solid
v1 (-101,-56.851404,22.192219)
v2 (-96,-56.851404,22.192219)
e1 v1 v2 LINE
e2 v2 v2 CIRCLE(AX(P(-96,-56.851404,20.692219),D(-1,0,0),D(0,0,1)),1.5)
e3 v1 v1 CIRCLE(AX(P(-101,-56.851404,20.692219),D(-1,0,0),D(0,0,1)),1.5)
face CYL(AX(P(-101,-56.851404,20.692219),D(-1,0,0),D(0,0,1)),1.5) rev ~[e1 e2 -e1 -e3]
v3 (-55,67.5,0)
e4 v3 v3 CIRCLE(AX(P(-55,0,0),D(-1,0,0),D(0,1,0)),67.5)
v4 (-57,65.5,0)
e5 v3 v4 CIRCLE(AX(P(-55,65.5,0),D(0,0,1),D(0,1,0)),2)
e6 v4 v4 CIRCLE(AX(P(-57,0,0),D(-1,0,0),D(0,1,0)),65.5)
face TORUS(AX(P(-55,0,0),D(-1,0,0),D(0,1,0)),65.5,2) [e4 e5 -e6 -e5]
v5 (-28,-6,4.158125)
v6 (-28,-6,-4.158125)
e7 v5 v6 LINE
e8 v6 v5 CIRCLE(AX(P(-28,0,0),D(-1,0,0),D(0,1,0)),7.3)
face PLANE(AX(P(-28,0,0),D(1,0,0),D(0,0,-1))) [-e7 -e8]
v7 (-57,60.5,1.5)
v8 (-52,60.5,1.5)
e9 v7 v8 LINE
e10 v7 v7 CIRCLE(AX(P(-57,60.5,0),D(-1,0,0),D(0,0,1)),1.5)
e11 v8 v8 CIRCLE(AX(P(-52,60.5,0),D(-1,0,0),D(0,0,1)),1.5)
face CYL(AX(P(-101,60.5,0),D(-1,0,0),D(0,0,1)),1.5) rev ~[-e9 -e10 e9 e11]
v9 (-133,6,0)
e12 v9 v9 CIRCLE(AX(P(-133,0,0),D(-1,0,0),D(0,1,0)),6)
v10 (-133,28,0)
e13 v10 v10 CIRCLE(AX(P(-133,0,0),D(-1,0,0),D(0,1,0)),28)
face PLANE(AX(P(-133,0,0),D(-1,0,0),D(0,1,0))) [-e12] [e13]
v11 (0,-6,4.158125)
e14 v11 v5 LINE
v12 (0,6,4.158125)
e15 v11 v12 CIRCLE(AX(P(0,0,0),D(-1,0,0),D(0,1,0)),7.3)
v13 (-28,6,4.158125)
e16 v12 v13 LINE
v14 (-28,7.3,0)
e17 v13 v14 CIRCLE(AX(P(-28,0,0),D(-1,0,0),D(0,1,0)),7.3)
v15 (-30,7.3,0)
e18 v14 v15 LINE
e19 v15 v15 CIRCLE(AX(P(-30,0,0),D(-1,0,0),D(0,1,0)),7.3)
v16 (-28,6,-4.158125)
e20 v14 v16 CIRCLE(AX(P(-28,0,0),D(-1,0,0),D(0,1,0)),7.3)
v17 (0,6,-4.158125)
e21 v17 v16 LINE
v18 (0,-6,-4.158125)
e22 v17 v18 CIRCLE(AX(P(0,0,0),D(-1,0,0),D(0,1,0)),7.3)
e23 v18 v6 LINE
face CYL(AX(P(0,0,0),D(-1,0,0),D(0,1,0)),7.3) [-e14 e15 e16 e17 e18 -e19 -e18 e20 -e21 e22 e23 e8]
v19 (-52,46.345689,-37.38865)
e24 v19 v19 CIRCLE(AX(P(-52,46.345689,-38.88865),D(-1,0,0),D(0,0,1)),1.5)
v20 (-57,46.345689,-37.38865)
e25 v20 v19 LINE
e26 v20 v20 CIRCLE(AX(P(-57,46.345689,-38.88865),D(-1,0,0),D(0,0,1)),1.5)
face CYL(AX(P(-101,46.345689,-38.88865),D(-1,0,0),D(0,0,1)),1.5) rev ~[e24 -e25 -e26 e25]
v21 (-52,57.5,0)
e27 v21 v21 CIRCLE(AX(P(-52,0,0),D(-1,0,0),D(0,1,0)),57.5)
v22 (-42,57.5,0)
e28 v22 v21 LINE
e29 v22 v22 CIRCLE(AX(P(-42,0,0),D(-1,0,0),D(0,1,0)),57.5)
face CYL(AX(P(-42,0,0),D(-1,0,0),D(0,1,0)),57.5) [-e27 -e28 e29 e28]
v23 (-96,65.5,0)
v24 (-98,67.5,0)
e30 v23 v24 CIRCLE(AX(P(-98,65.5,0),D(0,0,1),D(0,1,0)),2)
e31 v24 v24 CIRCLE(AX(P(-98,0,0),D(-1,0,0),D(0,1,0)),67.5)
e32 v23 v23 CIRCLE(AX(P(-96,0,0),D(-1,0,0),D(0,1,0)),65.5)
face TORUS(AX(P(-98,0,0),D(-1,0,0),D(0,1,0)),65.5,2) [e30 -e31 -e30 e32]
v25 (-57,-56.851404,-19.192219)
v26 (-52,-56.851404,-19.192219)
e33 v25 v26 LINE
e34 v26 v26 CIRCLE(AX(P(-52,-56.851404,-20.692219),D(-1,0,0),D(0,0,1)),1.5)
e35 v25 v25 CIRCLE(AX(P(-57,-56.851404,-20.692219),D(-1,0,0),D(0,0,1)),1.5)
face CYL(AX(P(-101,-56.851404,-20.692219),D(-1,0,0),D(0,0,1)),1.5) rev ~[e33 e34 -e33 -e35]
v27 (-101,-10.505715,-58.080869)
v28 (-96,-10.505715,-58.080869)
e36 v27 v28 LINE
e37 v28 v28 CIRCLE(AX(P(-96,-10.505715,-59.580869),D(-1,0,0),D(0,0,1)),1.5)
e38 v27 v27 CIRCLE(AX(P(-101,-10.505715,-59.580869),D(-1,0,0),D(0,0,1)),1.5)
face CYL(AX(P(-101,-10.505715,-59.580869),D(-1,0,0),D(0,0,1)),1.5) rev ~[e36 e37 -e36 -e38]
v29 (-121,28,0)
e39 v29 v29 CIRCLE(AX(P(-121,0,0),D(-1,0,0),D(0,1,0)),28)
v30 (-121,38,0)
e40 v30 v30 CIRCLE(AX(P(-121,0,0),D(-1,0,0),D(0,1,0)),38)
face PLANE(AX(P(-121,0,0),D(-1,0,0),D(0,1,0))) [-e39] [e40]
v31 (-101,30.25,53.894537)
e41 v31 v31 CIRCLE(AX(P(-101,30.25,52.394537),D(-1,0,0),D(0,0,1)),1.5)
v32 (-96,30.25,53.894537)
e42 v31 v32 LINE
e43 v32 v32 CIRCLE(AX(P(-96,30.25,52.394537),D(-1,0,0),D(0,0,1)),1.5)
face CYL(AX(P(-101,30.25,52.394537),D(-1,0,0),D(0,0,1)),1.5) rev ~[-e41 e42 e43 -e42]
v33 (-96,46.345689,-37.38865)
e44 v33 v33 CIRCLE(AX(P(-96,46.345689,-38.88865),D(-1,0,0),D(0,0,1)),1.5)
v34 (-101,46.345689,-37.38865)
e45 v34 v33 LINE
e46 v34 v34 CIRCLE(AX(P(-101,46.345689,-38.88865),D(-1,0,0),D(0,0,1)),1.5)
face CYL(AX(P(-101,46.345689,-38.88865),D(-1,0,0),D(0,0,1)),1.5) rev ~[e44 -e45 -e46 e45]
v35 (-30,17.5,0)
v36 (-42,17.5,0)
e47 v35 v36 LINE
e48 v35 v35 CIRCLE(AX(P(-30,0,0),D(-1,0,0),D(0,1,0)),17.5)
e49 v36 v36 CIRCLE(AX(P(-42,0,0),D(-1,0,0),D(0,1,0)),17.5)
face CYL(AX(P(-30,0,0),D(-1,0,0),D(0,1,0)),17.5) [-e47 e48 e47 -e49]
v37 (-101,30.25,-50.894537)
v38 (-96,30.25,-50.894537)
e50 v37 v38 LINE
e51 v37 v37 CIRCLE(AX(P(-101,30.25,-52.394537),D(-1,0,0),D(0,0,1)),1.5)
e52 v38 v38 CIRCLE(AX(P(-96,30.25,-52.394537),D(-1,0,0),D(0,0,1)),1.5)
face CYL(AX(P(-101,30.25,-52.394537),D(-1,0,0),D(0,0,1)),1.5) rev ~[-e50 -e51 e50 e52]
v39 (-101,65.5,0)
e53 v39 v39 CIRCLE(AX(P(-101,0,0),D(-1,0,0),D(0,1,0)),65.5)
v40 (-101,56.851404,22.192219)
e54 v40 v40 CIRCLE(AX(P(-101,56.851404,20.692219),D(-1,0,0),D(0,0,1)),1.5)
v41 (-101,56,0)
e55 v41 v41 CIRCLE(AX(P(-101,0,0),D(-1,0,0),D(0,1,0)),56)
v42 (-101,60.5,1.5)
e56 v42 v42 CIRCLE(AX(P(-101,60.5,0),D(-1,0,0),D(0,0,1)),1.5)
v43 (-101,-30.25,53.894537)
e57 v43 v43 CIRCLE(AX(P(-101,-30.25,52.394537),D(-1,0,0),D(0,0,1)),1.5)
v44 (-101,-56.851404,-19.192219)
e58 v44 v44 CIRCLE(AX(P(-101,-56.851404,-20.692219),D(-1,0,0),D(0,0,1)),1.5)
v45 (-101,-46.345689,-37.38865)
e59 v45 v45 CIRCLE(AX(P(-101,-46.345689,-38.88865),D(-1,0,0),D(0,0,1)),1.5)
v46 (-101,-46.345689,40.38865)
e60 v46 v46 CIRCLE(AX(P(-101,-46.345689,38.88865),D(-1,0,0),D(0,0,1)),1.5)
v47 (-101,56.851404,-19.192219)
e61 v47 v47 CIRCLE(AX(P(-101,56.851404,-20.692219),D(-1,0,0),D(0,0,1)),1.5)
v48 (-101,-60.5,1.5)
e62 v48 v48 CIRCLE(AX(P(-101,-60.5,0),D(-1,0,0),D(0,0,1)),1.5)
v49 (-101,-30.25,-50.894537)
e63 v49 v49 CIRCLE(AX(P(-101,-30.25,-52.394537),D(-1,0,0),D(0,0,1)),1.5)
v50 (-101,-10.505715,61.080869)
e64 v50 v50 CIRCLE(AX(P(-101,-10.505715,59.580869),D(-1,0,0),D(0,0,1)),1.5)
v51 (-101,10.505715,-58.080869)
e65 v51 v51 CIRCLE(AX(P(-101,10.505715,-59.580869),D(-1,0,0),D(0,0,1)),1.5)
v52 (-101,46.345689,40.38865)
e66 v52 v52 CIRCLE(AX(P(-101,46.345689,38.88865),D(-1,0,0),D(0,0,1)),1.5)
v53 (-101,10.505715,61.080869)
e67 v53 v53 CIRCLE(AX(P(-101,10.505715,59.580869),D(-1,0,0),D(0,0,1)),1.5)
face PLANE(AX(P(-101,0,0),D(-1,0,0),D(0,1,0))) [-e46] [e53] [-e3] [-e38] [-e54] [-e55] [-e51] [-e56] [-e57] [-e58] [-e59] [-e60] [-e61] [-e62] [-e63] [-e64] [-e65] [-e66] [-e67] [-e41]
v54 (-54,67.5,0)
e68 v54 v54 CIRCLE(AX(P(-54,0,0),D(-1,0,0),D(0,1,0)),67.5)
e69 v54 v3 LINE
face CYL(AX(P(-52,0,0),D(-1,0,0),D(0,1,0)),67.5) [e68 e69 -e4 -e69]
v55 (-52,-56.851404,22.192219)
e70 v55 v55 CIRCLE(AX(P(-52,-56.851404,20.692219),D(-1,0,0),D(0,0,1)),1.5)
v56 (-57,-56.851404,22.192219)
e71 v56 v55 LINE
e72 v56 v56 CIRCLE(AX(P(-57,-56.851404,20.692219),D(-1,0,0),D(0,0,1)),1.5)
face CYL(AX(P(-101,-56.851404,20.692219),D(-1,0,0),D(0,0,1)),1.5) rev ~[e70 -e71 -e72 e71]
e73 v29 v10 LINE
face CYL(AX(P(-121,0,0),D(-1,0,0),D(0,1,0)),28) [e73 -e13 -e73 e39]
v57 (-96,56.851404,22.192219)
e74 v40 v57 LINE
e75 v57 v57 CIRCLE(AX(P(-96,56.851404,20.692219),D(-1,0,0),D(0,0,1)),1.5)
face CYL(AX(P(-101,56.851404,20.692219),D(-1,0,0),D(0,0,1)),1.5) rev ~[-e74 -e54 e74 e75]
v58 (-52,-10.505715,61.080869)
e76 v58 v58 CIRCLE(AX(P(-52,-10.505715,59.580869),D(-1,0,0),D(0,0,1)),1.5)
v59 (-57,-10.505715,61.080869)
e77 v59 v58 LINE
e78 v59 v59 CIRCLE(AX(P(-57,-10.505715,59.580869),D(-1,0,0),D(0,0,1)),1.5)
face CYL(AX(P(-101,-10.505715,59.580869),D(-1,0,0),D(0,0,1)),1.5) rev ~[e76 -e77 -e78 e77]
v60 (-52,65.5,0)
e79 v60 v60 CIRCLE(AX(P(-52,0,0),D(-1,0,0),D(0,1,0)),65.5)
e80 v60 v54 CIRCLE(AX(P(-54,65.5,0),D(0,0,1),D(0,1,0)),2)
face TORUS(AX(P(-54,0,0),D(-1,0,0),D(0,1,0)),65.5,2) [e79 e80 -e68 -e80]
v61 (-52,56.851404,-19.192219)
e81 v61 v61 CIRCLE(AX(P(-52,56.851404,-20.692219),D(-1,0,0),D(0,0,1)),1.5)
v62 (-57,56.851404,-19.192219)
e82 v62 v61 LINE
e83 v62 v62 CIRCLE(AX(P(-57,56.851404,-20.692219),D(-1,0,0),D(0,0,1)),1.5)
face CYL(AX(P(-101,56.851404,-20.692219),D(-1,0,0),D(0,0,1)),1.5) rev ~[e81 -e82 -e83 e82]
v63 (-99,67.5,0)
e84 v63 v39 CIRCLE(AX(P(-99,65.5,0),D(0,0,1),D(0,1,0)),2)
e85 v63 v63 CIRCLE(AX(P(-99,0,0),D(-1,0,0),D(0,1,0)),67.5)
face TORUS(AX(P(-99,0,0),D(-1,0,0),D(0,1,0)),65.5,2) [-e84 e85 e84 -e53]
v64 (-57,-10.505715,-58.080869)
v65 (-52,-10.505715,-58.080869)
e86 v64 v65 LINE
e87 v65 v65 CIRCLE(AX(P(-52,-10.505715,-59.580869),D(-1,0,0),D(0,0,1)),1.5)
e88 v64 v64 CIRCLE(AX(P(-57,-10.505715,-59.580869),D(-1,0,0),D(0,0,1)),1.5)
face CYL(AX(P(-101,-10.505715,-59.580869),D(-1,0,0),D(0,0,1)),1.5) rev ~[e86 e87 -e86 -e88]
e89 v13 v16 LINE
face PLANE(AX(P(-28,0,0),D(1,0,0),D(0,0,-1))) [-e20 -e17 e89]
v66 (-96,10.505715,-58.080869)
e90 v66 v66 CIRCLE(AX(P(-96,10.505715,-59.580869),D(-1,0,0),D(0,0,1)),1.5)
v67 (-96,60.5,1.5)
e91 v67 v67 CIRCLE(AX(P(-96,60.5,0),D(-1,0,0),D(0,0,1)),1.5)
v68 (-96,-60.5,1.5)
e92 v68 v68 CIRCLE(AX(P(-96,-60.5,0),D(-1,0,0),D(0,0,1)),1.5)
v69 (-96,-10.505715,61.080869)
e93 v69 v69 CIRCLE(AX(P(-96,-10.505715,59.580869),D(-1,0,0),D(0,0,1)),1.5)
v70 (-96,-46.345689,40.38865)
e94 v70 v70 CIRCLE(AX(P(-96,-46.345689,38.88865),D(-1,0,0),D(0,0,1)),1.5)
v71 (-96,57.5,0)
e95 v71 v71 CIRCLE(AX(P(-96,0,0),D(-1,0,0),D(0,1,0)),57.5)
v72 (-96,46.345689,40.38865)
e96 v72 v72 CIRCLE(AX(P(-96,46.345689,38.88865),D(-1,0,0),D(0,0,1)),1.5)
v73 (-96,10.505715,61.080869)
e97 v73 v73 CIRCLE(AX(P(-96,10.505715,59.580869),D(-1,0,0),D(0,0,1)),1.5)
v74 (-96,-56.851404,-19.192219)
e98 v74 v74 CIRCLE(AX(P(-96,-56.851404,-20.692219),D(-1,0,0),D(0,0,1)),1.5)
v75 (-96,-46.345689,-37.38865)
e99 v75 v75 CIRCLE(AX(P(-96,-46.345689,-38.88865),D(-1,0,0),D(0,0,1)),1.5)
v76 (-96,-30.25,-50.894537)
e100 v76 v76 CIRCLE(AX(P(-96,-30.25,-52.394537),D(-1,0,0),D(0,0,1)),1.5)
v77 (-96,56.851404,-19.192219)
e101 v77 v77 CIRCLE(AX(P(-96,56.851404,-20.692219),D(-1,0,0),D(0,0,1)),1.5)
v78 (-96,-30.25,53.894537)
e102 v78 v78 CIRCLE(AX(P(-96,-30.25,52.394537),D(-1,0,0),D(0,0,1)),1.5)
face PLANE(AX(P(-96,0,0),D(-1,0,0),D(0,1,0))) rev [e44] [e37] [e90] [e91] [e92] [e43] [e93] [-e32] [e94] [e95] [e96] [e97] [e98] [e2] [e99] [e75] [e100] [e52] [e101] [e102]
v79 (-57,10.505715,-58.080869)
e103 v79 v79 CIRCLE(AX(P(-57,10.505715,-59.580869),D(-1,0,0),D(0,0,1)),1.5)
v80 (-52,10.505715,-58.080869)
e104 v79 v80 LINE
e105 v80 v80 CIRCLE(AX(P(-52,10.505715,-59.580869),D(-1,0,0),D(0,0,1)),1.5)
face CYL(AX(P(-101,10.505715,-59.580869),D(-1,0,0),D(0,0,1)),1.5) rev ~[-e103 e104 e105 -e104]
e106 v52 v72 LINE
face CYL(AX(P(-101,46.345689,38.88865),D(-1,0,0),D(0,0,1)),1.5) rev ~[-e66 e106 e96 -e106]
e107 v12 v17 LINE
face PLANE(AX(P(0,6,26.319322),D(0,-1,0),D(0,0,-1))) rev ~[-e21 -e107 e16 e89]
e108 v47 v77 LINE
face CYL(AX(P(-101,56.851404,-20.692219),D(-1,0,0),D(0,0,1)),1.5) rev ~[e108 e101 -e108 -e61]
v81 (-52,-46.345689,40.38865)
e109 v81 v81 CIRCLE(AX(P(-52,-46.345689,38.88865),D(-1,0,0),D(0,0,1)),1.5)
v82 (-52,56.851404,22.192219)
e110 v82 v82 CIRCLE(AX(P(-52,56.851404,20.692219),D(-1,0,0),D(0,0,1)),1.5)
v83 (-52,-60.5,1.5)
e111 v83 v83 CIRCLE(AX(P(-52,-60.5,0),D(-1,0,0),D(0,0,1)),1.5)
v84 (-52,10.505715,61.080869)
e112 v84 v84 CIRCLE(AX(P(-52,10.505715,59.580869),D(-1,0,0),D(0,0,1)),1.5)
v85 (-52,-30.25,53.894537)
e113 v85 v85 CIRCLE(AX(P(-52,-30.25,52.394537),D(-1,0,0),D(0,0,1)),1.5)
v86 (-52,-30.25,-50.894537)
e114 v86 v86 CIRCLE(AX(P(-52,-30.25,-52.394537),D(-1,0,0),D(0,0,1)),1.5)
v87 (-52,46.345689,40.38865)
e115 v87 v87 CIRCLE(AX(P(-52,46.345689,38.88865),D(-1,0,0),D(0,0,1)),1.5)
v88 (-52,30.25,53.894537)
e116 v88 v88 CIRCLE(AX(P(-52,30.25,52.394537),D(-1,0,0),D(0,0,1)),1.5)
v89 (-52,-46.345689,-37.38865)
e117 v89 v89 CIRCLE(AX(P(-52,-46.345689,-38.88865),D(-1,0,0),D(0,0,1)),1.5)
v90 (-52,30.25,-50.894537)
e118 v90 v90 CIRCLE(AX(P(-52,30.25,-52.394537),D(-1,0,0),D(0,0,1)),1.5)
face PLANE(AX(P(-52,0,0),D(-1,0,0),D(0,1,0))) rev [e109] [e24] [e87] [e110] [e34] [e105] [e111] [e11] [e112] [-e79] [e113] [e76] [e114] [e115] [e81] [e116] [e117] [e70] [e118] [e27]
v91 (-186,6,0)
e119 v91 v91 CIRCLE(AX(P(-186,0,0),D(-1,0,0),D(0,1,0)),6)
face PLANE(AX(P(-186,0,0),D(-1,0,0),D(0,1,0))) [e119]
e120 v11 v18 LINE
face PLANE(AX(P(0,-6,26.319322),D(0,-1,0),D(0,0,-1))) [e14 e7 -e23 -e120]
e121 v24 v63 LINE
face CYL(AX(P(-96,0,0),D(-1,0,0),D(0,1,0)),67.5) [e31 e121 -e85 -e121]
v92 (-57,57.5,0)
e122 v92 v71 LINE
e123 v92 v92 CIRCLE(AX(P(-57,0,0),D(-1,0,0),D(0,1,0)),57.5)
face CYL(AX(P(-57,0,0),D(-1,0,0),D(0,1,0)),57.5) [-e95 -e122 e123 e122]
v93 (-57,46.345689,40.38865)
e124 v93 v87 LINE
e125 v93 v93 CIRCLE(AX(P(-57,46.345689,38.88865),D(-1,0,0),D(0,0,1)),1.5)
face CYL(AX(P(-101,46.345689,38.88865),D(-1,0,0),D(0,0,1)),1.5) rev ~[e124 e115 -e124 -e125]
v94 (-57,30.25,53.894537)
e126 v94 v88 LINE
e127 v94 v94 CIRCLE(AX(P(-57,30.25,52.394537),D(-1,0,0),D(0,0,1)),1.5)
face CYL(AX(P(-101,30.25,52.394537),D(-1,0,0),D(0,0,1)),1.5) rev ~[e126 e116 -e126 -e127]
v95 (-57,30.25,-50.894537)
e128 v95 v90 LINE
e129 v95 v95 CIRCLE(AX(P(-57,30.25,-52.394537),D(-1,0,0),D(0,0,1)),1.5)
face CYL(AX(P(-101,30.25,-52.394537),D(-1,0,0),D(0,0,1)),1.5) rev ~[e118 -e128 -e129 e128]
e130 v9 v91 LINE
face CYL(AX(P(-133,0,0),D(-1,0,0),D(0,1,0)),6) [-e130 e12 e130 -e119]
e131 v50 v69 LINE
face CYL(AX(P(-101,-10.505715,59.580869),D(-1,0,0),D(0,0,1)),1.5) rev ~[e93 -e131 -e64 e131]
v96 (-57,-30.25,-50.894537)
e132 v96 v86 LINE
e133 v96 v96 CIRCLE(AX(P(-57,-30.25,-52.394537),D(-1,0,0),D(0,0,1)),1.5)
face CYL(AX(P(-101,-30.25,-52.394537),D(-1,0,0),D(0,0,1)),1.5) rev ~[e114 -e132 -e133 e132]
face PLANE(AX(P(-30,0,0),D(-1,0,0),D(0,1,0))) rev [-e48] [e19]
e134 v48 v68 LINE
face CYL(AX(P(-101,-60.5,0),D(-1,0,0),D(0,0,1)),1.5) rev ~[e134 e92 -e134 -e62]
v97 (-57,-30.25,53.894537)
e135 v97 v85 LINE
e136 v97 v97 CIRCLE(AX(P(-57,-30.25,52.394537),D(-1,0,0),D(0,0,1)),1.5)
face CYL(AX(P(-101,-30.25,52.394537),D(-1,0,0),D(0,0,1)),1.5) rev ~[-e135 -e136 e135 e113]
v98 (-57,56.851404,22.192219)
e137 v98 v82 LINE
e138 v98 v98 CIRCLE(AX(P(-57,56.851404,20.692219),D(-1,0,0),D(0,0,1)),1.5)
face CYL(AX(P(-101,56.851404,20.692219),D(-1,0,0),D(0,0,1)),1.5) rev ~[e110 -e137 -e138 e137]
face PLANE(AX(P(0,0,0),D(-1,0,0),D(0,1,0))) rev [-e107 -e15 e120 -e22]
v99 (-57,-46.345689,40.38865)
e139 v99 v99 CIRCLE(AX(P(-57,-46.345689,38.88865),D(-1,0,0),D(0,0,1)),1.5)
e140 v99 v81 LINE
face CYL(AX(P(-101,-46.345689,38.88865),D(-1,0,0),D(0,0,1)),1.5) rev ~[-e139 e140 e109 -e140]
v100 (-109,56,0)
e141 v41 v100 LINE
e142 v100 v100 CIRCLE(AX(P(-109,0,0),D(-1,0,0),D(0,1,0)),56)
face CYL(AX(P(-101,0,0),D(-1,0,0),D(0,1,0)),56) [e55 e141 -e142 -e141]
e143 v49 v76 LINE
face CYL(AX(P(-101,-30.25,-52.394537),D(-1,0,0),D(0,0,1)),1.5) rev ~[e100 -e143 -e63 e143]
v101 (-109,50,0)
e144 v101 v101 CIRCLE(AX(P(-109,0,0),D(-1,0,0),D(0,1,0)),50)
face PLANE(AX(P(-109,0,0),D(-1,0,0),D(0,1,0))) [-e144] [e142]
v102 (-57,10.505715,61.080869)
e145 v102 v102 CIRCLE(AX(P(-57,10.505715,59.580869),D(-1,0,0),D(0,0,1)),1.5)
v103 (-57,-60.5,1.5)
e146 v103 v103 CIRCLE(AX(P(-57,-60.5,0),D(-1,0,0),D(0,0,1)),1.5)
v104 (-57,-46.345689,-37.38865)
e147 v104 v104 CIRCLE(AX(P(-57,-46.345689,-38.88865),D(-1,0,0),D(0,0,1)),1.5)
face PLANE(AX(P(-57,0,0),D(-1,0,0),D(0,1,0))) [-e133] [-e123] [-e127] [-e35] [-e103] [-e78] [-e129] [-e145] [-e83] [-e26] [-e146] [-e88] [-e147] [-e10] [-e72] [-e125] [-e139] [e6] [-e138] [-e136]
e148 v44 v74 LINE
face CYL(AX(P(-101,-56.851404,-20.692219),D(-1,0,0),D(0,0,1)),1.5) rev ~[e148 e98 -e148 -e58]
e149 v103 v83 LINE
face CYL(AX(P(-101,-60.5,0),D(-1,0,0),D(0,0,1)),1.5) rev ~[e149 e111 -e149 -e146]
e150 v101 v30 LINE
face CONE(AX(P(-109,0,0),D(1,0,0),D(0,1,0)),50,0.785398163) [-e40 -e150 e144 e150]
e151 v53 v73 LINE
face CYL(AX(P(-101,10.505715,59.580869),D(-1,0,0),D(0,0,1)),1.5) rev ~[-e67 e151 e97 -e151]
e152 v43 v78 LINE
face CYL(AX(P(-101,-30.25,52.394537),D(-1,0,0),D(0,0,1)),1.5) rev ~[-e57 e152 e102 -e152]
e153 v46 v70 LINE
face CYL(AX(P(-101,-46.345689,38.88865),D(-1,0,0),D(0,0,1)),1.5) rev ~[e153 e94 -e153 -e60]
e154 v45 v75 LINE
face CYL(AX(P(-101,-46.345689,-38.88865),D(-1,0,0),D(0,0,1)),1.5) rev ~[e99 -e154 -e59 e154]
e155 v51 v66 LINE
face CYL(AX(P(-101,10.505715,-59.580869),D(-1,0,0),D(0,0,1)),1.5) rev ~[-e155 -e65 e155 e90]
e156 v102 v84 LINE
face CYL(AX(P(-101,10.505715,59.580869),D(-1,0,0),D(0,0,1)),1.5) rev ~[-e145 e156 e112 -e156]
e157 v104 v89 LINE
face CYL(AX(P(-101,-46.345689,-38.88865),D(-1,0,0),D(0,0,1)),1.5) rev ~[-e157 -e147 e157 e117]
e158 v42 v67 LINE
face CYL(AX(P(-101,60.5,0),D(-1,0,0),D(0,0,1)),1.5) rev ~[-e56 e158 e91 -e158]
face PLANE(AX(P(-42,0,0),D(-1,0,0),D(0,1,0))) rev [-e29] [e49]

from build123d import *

# Parameters (mm, degrees)
FILLET_1_R           = 2
SKETCH_2_R           = 1.5
CUT_EXTRUDE_1_DEPTH  = 102
SKETCH_3_OUTSIDE_W   = 190.308
SKETCH_3_OUTSIDE_H   = 190.308
SKETCH_3_OUTSIDE_W_2 = 52.638643412
SKETCH_3_OUTSIDE_H_2 = 12
CUT_EXTRUDE_2_DEPTH  = 28


with BuildPart() as part:
    # Эскиз1 → Повернуть1 (revolve)
    with BuildSketch(Plane.XY):
        Polygon((0, 0), (0, 7.3), (-30, 7.3), (-30, 17.5), (-42, 17.5), (-42, 57.5), (-52, 57.5), (-52, 67.5), (-57, 67.5), (-57, 57.5), (-96, 57.5), (-96, 67.5), (-101, 67.5), (-101, 56), (-109, 56), (-109, 50), (-121, 38), (-121, 28), (-133, 28), (-133, 6), (-186, 6), (-186, 0), align=None)
    revolve(axis=Axis((27.635714286, 0, 0), (-1, 0, 0)))

    # Скругление1
    fillet_1_edges = [part.edges().sort_by_distance(p)[0] for p in [
        (-101, -67.5, 0),
        (-96, -67.5, 0),
        (-57, -67.5, 0),
        (-52, -67.5, 0),
    ]]
    fillet(fillet_1_edges, radius=FILLET_1_R)

    # Эскиз2 → Вырез-Вытянуть1 (cut, through all)
    with BuildSketch(Plane.ZY.offset(101)):
        with Locations((0, 60.5)):
            Circle(SKETCH_2_R)
        with Locations((20.692218671, 56.851403558)):
            Circle(SKETCH_2_R)
        with Locations((38.888650386, 46.345688809)):
            Circle(SKETCH_2_R)
        with Locations((52.394536929, 30.25)):
            Circle(SKETCH_2_R)
        with Locations((59.580869057, 10.505714749)):
            Circle(SKETCH_2_R)
        with Locations((59.580869057, -10.505714749)):
            Circle(SKETCH_2_R)
        with Locations((52.394536929, -30.25)):
            Circle(SKETCH_2_R)
        with Locations((38.888650386, -46.345688809)):
            Circle(SKETCH_2_R)
        with Locations((20.692218671, -56.851403558)):
            Circle(SKETCH_2_R)
        with Locations((0, -60.5)):
            Circle(SKETCH_2_R)
        with Locations((-20.692218671, -56.851403558)):
            Circle(SKETCH_2_R)
        with Locations((-38.888650386, -46.345688809)):
            Circle(SKETCH_2_R)
        with Locations((-52.394536929, -30.25)):
            Circle(SKETCH_2_R)
        with Locations((-59.580869057, -10.505714749)):
            Circle(SKETCH_2_R)
        with Locations((-59.580869057, 10.505714749)):
            Circle(SKETCH_2_R)
        with Locations((-52.394536929, 30.25)):
            Circle(SKETCH_2_R)
        with Locations((-38.888650386, 46.345688809)):
            Circle(SKETCH_2_R)
        with Locations((-20.692218671, 56.851403558)):
            Circle(SKETCH_2_R)
    extrude(amount=-CUT_EXTRUDE_1_DEPTH, mode=Mode.SUBTRACT)

    # Эскиз3 outside → Вырез-Вытянуть2 (cut)
    with BuildSketch(Plane(origin=(0, 0, 0), x_dir=(0, 0, -1), z_dir=(1, 0, 0))):
        Rectangle(SKETCH_3_OUTSIDE_W, SKETCH_3_OUTSIDE_H)
        Rectangle(SKETCH_3_OUTSIDE_W_2, SKETCH_3_OUTSIDE_H_2, mode=Mode.SUBTRACT)
    extrude(amount=-CUT_EXTRUDE_2_DEPTH, mode=Mode.SUBTRACT)


solid = part.part
